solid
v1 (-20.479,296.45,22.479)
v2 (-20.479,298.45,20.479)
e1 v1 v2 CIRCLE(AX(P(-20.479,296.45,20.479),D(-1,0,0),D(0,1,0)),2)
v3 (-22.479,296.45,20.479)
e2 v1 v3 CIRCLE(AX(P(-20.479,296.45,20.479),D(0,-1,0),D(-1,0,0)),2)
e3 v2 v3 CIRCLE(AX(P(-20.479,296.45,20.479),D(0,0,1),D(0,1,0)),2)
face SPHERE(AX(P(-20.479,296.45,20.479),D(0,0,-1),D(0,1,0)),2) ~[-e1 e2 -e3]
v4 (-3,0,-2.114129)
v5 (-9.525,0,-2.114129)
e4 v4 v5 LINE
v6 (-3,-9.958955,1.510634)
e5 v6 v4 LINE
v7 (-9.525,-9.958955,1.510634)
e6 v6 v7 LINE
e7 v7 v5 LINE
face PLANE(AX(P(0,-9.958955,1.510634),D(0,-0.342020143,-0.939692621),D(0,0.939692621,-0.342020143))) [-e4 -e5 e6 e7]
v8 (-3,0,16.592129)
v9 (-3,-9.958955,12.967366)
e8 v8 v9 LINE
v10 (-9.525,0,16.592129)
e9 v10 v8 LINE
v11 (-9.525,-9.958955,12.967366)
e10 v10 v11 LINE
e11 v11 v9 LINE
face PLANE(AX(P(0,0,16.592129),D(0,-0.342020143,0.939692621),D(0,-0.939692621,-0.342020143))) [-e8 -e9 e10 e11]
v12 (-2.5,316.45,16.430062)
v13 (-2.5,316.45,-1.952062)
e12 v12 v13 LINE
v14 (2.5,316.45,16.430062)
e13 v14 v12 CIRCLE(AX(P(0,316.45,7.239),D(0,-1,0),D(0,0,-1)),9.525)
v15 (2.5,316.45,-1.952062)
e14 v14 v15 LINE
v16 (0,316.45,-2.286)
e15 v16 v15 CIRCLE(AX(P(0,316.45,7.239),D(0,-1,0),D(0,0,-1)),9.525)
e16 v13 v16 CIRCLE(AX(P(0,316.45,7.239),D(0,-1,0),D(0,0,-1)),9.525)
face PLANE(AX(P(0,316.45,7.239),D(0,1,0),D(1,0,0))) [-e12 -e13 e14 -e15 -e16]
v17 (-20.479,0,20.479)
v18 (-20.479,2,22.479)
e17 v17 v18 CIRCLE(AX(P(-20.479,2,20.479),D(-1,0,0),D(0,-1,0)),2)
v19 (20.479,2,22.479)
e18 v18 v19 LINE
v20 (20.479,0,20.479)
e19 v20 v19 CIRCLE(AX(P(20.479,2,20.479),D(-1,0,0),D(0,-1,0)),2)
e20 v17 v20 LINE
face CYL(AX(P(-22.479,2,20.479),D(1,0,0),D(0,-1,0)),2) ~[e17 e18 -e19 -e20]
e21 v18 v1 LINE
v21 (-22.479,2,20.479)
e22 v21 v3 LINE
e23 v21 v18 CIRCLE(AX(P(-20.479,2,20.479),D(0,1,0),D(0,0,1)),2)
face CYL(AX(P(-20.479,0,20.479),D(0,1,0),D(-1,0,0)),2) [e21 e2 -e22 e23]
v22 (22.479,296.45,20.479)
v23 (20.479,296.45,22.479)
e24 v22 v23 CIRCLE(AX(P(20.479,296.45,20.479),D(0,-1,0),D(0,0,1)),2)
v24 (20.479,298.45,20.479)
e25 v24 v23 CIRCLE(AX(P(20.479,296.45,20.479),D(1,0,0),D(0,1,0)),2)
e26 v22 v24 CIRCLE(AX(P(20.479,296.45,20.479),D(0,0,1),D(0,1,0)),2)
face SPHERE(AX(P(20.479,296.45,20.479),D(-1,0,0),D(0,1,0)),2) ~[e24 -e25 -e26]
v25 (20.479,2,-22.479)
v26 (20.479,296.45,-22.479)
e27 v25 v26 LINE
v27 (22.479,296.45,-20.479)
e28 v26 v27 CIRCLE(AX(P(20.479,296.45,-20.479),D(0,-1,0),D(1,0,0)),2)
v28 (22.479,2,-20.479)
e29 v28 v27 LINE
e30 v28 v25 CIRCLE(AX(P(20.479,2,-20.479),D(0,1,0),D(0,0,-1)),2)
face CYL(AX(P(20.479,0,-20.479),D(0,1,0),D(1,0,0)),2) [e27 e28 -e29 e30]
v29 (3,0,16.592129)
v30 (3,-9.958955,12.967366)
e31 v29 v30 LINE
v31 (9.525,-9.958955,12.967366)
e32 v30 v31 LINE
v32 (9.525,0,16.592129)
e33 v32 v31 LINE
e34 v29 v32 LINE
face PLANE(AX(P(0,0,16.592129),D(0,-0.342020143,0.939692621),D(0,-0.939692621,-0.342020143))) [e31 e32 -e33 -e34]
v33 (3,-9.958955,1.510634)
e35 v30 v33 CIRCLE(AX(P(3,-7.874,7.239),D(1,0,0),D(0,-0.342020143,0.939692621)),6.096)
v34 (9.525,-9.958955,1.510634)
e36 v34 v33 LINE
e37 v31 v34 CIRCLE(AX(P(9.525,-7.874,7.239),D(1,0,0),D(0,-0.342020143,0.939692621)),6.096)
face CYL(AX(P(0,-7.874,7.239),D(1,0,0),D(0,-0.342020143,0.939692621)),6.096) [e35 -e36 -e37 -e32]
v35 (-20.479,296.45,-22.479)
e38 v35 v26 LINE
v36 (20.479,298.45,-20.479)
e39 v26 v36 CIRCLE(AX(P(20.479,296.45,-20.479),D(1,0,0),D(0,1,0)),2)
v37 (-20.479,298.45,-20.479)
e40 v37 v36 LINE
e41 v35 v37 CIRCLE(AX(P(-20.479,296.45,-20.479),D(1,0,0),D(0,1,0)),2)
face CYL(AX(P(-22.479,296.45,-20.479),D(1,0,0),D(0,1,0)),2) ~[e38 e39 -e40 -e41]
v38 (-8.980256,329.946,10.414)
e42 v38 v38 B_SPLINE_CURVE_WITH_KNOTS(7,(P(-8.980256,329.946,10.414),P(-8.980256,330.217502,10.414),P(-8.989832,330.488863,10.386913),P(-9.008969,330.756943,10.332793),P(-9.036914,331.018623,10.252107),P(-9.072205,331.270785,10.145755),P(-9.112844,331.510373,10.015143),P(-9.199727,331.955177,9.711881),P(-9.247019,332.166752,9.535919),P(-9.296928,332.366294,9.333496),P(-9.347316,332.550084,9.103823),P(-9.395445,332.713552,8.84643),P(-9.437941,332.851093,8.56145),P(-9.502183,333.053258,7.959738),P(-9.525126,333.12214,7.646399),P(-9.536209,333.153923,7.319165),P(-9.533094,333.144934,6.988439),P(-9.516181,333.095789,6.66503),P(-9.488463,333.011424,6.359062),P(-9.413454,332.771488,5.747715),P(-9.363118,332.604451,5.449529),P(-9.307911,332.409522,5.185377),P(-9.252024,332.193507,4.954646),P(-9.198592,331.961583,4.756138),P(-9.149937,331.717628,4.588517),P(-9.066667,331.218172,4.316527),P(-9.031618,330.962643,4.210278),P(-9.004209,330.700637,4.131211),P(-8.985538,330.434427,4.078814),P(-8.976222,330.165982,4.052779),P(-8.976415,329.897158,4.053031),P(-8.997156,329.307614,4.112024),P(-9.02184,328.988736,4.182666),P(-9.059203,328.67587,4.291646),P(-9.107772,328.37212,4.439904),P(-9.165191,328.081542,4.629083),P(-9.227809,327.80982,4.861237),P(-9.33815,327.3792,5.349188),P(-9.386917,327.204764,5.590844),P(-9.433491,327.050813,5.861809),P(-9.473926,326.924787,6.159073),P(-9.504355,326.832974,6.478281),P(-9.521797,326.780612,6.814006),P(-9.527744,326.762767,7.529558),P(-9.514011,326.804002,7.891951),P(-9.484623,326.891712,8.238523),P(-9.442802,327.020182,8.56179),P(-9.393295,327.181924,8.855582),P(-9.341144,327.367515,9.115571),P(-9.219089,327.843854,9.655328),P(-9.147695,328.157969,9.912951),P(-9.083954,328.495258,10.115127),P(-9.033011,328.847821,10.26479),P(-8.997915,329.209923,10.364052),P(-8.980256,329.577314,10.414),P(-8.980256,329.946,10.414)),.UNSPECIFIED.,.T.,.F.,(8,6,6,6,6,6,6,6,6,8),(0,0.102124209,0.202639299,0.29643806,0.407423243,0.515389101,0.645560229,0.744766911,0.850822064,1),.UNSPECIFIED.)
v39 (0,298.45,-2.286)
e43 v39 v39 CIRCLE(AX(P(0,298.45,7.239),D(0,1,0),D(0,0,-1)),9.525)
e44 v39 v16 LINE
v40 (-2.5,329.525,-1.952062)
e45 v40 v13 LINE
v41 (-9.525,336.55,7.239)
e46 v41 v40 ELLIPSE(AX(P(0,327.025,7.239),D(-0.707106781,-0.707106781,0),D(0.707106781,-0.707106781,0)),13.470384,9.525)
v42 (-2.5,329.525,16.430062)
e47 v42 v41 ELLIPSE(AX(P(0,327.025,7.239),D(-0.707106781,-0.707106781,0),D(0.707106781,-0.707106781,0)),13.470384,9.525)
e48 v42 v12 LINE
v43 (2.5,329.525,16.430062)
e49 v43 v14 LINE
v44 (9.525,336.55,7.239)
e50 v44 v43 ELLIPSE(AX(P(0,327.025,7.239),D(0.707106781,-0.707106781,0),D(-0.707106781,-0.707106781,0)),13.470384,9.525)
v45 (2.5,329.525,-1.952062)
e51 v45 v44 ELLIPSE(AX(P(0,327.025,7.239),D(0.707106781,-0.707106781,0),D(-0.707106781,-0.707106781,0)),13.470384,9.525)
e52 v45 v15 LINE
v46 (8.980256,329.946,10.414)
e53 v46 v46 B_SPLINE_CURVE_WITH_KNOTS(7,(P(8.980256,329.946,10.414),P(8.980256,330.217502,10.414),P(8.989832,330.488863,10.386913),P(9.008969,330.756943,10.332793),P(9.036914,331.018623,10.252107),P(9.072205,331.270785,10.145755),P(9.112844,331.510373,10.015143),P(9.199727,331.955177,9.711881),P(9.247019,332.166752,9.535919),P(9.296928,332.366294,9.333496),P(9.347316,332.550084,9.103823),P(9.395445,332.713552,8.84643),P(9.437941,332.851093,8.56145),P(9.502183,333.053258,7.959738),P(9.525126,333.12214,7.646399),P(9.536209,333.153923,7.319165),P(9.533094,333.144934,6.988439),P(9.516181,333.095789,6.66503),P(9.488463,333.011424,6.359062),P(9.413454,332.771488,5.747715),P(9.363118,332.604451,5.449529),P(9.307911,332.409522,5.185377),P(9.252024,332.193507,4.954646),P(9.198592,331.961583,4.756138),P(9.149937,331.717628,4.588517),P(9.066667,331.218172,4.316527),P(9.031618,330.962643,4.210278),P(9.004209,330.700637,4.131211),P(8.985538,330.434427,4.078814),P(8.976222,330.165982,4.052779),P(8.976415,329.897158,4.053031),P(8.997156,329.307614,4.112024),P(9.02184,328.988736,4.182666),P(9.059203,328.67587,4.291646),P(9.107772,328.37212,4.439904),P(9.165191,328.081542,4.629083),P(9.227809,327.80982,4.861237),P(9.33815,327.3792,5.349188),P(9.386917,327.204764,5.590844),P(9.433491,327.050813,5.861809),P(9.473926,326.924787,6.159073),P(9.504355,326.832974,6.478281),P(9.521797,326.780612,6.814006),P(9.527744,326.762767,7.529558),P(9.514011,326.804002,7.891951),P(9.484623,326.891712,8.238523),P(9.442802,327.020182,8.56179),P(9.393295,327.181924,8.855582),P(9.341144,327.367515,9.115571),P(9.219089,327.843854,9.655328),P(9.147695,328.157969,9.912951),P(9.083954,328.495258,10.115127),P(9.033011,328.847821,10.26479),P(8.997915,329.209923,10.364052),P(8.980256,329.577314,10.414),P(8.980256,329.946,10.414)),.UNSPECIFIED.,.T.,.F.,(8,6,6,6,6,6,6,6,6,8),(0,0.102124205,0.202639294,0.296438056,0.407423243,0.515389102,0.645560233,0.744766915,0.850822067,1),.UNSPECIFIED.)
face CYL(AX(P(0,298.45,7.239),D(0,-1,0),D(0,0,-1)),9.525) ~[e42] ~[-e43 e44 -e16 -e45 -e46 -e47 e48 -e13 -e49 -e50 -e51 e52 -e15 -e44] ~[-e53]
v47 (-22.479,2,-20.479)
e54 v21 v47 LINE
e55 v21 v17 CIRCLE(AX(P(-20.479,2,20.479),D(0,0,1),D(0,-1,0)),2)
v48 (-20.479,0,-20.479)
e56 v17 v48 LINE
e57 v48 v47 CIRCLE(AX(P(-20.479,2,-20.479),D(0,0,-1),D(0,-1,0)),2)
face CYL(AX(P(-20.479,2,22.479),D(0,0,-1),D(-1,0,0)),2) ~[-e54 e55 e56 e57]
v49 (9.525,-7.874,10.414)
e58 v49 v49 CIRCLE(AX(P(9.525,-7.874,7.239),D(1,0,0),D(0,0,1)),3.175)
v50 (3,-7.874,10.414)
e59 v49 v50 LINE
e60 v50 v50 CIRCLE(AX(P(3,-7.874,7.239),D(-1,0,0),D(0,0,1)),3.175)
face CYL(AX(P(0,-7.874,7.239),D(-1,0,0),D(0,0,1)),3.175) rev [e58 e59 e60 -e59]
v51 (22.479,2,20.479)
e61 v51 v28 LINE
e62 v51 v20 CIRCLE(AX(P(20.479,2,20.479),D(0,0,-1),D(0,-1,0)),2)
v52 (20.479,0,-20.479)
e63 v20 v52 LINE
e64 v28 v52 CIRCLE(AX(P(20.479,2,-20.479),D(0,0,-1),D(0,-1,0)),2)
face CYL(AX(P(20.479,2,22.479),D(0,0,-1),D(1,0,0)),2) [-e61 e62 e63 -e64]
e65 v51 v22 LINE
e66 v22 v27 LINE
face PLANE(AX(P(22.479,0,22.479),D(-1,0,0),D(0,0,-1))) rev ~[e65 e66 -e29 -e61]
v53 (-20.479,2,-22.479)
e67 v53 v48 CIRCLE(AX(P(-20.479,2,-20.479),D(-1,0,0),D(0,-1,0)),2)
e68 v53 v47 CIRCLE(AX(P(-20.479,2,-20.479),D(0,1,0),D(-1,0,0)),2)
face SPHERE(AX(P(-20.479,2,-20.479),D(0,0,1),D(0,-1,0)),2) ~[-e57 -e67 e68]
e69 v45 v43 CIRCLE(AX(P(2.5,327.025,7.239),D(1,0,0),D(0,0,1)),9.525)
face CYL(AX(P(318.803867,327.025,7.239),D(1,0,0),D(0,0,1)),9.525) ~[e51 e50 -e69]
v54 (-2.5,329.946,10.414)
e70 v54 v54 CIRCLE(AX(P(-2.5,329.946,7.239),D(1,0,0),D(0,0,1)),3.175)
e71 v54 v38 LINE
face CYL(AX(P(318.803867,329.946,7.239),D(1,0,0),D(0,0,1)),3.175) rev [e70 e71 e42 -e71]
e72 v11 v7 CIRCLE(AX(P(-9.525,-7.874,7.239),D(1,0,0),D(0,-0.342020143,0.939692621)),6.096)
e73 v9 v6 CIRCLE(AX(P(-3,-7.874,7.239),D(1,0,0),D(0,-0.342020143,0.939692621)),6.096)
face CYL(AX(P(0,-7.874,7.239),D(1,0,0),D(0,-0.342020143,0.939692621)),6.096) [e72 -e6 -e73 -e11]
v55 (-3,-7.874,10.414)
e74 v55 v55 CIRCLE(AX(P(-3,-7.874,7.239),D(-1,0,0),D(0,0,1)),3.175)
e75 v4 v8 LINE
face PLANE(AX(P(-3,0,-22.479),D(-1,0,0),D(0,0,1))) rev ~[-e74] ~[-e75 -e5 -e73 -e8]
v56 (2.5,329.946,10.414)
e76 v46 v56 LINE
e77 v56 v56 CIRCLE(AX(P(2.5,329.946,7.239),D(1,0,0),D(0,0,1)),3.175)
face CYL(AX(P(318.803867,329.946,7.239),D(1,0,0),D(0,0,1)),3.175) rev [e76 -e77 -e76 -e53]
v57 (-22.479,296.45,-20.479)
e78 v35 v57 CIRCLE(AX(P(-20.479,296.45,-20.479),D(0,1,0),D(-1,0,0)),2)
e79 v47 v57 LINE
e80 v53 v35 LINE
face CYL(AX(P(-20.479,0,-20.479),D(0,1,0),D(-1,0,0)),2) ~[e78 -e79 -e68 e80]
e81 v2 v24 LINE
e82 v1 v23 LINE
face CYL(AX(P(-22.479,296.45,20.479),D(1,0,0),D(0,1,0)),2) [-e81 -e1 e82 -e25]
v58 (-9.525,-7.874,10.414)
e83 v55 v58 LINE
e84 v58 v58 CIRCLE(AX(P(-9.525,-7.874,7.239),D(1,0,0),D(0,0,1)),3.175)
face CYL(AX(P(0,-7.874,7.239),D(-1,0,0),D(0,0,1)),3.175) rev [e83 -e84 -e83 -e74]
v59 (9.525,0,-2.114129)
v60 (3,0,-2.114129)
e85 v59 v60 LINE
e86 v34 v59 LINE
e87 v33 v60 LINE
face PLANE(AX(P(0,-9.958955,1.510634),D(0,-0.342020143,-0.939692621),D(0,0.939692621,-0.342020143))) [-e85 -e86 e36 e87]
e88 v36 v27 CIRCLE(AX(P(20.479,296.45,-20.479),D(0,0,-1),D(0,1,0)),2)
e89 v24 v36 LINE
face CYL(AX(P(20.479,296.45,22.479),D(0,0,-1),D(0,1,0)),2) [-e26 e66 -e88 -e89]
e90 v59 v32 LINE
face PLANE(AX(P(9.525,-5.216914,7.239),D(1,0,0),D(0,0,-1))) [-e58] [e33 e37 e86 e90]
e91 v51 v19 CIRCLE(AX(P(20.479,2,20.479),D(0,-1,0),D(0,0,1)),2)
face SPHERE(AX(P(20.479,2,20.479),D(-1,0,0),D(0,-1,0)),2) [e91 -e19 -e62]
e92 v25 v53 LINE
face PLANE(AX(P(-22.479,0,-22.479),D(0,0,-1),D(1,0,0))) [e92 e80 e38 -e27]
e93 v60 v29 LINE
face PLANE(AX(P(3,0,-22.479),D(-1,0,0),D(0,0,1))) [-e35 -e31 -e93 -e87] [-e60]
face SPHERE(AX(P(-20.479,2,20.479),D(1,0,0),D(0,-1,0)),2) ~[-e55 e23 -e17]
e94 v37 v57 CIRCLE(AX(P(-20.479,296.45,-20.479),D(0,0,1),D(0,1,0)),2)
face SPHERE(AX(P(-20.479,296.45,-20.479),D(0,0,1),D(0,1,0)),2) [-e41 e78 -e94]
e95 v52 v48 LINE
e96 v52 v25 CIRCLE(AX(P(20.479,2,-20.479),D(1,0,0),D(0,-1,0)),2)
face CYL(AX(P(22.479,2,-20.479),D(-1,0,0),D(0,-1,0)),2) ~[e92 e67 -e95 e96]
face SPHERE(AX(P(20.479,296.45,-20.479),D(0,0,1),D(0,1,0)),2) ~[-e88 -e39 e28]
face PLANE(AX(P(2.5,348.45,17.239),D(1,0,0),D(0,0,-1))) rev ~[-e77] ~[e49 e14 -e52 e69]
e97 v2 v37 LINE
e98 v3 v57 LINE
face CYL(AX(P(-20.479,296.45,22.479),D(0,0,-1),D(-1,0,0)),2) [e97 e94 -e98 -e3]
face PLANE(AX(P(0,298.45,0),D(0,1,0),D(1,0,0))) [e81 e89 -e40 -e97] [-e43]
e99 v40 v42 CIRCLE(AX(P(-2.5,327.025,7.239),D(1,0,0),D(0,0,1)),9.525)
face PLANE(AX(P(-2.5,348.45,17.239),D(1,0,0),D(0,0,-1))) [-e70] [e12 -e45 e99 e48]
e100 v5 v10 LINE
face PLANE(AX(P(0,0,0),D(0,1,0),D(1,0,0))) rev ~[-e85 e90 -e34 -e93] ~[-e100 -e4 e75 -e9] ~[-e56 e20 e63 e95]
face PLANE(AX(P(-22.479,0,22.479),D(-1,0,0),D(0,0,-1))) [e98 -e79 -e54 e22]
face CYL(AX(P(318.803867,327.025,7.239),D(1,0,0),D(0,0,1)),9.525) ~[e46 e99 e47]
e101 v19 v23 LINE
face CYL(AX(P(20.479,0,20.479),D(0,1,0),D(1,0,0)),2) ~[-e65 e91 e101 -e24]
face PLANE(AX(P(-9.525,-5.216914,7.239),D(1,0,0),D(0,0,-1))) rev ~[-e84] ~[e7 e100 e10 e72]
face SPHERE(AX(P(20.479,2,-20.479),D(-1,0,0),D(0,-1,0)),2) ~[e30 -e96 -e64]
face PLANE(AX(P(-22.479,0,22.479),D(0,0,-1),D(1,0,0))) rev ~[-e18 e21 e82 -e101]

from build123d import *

# Parameters (mm, degrees)
SKETCH1_W               = 44.958
SKETCH1_H               = 44.958
BOSS_EXTRUDE1_DEPTH     = 298.45
SKETCH2_R               = 9.525
BOSS_EXTRUDE2_DEPTH     = 38.1
CUT_EXTRUDE1_DEPTH      = 341.282867193
CUT_EXTRUDE1_DEPTH_BACK = 341.282867193
CUT_EXTRUDE2_DEPTH      = 341.282867193
CUT_EXTRUDE2_DEPTH_BACK = 341.282867193
SKETCH4_R               = 3.175
SKETCH5_W               = 5
SKETCH5_H               = 20
CUT_EXTRUDE3_DEPTH      = 32
SKETCH6_R               = 3.175
BOSS_EXTRUDE3_DEPTH     = 9.525
SKETCH7_W               = 6
SKETCH7_H               = 44.958
CUT_EXTRUDE4_DEPTH      = 19.05
FILLET1_R               = 2


with BuildPart() as part:
    # Sketch1 → Boss-Extrude1 (new body)
    with BuildSketch(Plane(origin=(0, 0, 0), x_dir=(1, 0, 0), z_dir=(0, 1, 0))):
        Rectangle(SKETCH1_W, SKETCH1_H)
    extrude(amount=BOSS_EXTRUDE1_DEPTH)

    # Sketch2 → Boss-Extrude2 (add)
    with BuildSketch(Plane(origin=(0, 298.45, 0), x_dir=(1, 0, 0), z_dir=(0, 1, 0))):
        with Locations(Location((0, -7.239, 0), (0, 0, 90))):
            Circle(SKETCH2_R)
    extrude(amount=BOSS_EXTRUDE2_DEPTH)

    # Sketch3 → Cut-Extrude1 (cut, two sides: drawn at the far end of the back side and taken through both)
    with BuildSketch(Plane.ZY.offset(22.479).offset(-CUT_EXTRUDE1_DEPTH_BACK)):
        with BuildLine():
            Line((-2.286, 327.025), (-2.286, 352.425))
            Line((-2.286, 352.425), (16.764, 352.425))
            Line((16.764, 352.425), (16.764, 327.025))
            ThreePointArc((16.764, 327.025), (7.239, 336.55), (-2.286, 327.025))
        make_face()
    extrude(amount=CUT_EXTRUDE1_DEPTH + CUT_EXTRUDE1_DEPTH_BACK, mode=Mode.SUBTRACT)

    # Sketch4 → Cut-Extrude2 (cut, two sides: drawn at the far end of the back side and taken through both)
    with BuildSketch(Plane.ZY.offset(22.479).offset(-CUT_EXTRUDE2_DEPTH_BACK)):
        with Locations((7.239, 329.946)):
            Circle(SKETCH4_R)
    extrude(amount=CUT_EXTRUDE2_DEPTH + CUT_EXTRUDE2_DEPTH_BACK, mode=Mode.SUBTRACT)

    # Sketch5 → Cut-Extrude3 (cut)
    with BuildSketch(Plane(origin=(0, 348.45, 0), x_dir=(1, 0, 0), z_dir=(0, 1, 0))):
        with Locations((0, -7.239)):
            Rectangle(SKETCH5_W, SKETCH5_H)
    extrude(amount=-CUT_EXTRUDE3_DEPTH, mode=Mode.SUBTRACT)

    # Sketch6 → Boss-Extrude3 (add, symmetric)
    with BuildSketch(Plane(origin=(0, 0, 0), x_dir=(0, 0, -1), z_dir=(1, 0, 0))):
        with BuildLine():
            Line((2.114129326, 0), (-16.592129326, 0))
            Line((-16.592129326, 0), (-12.967366216, -9.958954794))
            ThreePointArc((-12.967366216, -9.958954794), (-7.239, -13.97), (-1.510633784, -9.958954794))
            Line((-1.510633784, -9.958954794), (2.114129326, 0))
        make_face()
        with Locations(Location((-7.239, -7.874, 0), (0, 0, 180))):
            Circle(SKETCH6_R, mode=Mode.SUBTRACT)
    extrude(amount=BOSS_EXTRUDE3_DEPTH, both=True)

    # Sketch7 → Cut-Extrude4 (cut)
    with BuildSketch(Plane.XZ):
        Rectangle(SKETCH7_W, SKETCH7_H)
    extrude(amount=CUT_EXTRUDE4_DEPTH, mode=Mode.SUBTRACT)

    # Fillet1
    fillet1_edges = [part.edges().sort_by_distance(p)[0] for p in [
        (-22.479, 298.45, 0),
        (0, 298.45, 22.479),
        (22.479, 298.45, 0),
        (0, 0, 22.479),
        (-22.479, 0, 0),
        (0, 0, -22.479),
        (22.479, 0, 0),
        (0, 298.45, -22.479),
        (22.479, 149.225, 22.479),
        (-22.479, 149.225, 22.479),
        (-22.479, 149.225, -22.479),
        (22.479, 149.225, -22.479),
    ]]
    fillet(fillet1_edges, radius=FILLET1_R)


solid = part.part
